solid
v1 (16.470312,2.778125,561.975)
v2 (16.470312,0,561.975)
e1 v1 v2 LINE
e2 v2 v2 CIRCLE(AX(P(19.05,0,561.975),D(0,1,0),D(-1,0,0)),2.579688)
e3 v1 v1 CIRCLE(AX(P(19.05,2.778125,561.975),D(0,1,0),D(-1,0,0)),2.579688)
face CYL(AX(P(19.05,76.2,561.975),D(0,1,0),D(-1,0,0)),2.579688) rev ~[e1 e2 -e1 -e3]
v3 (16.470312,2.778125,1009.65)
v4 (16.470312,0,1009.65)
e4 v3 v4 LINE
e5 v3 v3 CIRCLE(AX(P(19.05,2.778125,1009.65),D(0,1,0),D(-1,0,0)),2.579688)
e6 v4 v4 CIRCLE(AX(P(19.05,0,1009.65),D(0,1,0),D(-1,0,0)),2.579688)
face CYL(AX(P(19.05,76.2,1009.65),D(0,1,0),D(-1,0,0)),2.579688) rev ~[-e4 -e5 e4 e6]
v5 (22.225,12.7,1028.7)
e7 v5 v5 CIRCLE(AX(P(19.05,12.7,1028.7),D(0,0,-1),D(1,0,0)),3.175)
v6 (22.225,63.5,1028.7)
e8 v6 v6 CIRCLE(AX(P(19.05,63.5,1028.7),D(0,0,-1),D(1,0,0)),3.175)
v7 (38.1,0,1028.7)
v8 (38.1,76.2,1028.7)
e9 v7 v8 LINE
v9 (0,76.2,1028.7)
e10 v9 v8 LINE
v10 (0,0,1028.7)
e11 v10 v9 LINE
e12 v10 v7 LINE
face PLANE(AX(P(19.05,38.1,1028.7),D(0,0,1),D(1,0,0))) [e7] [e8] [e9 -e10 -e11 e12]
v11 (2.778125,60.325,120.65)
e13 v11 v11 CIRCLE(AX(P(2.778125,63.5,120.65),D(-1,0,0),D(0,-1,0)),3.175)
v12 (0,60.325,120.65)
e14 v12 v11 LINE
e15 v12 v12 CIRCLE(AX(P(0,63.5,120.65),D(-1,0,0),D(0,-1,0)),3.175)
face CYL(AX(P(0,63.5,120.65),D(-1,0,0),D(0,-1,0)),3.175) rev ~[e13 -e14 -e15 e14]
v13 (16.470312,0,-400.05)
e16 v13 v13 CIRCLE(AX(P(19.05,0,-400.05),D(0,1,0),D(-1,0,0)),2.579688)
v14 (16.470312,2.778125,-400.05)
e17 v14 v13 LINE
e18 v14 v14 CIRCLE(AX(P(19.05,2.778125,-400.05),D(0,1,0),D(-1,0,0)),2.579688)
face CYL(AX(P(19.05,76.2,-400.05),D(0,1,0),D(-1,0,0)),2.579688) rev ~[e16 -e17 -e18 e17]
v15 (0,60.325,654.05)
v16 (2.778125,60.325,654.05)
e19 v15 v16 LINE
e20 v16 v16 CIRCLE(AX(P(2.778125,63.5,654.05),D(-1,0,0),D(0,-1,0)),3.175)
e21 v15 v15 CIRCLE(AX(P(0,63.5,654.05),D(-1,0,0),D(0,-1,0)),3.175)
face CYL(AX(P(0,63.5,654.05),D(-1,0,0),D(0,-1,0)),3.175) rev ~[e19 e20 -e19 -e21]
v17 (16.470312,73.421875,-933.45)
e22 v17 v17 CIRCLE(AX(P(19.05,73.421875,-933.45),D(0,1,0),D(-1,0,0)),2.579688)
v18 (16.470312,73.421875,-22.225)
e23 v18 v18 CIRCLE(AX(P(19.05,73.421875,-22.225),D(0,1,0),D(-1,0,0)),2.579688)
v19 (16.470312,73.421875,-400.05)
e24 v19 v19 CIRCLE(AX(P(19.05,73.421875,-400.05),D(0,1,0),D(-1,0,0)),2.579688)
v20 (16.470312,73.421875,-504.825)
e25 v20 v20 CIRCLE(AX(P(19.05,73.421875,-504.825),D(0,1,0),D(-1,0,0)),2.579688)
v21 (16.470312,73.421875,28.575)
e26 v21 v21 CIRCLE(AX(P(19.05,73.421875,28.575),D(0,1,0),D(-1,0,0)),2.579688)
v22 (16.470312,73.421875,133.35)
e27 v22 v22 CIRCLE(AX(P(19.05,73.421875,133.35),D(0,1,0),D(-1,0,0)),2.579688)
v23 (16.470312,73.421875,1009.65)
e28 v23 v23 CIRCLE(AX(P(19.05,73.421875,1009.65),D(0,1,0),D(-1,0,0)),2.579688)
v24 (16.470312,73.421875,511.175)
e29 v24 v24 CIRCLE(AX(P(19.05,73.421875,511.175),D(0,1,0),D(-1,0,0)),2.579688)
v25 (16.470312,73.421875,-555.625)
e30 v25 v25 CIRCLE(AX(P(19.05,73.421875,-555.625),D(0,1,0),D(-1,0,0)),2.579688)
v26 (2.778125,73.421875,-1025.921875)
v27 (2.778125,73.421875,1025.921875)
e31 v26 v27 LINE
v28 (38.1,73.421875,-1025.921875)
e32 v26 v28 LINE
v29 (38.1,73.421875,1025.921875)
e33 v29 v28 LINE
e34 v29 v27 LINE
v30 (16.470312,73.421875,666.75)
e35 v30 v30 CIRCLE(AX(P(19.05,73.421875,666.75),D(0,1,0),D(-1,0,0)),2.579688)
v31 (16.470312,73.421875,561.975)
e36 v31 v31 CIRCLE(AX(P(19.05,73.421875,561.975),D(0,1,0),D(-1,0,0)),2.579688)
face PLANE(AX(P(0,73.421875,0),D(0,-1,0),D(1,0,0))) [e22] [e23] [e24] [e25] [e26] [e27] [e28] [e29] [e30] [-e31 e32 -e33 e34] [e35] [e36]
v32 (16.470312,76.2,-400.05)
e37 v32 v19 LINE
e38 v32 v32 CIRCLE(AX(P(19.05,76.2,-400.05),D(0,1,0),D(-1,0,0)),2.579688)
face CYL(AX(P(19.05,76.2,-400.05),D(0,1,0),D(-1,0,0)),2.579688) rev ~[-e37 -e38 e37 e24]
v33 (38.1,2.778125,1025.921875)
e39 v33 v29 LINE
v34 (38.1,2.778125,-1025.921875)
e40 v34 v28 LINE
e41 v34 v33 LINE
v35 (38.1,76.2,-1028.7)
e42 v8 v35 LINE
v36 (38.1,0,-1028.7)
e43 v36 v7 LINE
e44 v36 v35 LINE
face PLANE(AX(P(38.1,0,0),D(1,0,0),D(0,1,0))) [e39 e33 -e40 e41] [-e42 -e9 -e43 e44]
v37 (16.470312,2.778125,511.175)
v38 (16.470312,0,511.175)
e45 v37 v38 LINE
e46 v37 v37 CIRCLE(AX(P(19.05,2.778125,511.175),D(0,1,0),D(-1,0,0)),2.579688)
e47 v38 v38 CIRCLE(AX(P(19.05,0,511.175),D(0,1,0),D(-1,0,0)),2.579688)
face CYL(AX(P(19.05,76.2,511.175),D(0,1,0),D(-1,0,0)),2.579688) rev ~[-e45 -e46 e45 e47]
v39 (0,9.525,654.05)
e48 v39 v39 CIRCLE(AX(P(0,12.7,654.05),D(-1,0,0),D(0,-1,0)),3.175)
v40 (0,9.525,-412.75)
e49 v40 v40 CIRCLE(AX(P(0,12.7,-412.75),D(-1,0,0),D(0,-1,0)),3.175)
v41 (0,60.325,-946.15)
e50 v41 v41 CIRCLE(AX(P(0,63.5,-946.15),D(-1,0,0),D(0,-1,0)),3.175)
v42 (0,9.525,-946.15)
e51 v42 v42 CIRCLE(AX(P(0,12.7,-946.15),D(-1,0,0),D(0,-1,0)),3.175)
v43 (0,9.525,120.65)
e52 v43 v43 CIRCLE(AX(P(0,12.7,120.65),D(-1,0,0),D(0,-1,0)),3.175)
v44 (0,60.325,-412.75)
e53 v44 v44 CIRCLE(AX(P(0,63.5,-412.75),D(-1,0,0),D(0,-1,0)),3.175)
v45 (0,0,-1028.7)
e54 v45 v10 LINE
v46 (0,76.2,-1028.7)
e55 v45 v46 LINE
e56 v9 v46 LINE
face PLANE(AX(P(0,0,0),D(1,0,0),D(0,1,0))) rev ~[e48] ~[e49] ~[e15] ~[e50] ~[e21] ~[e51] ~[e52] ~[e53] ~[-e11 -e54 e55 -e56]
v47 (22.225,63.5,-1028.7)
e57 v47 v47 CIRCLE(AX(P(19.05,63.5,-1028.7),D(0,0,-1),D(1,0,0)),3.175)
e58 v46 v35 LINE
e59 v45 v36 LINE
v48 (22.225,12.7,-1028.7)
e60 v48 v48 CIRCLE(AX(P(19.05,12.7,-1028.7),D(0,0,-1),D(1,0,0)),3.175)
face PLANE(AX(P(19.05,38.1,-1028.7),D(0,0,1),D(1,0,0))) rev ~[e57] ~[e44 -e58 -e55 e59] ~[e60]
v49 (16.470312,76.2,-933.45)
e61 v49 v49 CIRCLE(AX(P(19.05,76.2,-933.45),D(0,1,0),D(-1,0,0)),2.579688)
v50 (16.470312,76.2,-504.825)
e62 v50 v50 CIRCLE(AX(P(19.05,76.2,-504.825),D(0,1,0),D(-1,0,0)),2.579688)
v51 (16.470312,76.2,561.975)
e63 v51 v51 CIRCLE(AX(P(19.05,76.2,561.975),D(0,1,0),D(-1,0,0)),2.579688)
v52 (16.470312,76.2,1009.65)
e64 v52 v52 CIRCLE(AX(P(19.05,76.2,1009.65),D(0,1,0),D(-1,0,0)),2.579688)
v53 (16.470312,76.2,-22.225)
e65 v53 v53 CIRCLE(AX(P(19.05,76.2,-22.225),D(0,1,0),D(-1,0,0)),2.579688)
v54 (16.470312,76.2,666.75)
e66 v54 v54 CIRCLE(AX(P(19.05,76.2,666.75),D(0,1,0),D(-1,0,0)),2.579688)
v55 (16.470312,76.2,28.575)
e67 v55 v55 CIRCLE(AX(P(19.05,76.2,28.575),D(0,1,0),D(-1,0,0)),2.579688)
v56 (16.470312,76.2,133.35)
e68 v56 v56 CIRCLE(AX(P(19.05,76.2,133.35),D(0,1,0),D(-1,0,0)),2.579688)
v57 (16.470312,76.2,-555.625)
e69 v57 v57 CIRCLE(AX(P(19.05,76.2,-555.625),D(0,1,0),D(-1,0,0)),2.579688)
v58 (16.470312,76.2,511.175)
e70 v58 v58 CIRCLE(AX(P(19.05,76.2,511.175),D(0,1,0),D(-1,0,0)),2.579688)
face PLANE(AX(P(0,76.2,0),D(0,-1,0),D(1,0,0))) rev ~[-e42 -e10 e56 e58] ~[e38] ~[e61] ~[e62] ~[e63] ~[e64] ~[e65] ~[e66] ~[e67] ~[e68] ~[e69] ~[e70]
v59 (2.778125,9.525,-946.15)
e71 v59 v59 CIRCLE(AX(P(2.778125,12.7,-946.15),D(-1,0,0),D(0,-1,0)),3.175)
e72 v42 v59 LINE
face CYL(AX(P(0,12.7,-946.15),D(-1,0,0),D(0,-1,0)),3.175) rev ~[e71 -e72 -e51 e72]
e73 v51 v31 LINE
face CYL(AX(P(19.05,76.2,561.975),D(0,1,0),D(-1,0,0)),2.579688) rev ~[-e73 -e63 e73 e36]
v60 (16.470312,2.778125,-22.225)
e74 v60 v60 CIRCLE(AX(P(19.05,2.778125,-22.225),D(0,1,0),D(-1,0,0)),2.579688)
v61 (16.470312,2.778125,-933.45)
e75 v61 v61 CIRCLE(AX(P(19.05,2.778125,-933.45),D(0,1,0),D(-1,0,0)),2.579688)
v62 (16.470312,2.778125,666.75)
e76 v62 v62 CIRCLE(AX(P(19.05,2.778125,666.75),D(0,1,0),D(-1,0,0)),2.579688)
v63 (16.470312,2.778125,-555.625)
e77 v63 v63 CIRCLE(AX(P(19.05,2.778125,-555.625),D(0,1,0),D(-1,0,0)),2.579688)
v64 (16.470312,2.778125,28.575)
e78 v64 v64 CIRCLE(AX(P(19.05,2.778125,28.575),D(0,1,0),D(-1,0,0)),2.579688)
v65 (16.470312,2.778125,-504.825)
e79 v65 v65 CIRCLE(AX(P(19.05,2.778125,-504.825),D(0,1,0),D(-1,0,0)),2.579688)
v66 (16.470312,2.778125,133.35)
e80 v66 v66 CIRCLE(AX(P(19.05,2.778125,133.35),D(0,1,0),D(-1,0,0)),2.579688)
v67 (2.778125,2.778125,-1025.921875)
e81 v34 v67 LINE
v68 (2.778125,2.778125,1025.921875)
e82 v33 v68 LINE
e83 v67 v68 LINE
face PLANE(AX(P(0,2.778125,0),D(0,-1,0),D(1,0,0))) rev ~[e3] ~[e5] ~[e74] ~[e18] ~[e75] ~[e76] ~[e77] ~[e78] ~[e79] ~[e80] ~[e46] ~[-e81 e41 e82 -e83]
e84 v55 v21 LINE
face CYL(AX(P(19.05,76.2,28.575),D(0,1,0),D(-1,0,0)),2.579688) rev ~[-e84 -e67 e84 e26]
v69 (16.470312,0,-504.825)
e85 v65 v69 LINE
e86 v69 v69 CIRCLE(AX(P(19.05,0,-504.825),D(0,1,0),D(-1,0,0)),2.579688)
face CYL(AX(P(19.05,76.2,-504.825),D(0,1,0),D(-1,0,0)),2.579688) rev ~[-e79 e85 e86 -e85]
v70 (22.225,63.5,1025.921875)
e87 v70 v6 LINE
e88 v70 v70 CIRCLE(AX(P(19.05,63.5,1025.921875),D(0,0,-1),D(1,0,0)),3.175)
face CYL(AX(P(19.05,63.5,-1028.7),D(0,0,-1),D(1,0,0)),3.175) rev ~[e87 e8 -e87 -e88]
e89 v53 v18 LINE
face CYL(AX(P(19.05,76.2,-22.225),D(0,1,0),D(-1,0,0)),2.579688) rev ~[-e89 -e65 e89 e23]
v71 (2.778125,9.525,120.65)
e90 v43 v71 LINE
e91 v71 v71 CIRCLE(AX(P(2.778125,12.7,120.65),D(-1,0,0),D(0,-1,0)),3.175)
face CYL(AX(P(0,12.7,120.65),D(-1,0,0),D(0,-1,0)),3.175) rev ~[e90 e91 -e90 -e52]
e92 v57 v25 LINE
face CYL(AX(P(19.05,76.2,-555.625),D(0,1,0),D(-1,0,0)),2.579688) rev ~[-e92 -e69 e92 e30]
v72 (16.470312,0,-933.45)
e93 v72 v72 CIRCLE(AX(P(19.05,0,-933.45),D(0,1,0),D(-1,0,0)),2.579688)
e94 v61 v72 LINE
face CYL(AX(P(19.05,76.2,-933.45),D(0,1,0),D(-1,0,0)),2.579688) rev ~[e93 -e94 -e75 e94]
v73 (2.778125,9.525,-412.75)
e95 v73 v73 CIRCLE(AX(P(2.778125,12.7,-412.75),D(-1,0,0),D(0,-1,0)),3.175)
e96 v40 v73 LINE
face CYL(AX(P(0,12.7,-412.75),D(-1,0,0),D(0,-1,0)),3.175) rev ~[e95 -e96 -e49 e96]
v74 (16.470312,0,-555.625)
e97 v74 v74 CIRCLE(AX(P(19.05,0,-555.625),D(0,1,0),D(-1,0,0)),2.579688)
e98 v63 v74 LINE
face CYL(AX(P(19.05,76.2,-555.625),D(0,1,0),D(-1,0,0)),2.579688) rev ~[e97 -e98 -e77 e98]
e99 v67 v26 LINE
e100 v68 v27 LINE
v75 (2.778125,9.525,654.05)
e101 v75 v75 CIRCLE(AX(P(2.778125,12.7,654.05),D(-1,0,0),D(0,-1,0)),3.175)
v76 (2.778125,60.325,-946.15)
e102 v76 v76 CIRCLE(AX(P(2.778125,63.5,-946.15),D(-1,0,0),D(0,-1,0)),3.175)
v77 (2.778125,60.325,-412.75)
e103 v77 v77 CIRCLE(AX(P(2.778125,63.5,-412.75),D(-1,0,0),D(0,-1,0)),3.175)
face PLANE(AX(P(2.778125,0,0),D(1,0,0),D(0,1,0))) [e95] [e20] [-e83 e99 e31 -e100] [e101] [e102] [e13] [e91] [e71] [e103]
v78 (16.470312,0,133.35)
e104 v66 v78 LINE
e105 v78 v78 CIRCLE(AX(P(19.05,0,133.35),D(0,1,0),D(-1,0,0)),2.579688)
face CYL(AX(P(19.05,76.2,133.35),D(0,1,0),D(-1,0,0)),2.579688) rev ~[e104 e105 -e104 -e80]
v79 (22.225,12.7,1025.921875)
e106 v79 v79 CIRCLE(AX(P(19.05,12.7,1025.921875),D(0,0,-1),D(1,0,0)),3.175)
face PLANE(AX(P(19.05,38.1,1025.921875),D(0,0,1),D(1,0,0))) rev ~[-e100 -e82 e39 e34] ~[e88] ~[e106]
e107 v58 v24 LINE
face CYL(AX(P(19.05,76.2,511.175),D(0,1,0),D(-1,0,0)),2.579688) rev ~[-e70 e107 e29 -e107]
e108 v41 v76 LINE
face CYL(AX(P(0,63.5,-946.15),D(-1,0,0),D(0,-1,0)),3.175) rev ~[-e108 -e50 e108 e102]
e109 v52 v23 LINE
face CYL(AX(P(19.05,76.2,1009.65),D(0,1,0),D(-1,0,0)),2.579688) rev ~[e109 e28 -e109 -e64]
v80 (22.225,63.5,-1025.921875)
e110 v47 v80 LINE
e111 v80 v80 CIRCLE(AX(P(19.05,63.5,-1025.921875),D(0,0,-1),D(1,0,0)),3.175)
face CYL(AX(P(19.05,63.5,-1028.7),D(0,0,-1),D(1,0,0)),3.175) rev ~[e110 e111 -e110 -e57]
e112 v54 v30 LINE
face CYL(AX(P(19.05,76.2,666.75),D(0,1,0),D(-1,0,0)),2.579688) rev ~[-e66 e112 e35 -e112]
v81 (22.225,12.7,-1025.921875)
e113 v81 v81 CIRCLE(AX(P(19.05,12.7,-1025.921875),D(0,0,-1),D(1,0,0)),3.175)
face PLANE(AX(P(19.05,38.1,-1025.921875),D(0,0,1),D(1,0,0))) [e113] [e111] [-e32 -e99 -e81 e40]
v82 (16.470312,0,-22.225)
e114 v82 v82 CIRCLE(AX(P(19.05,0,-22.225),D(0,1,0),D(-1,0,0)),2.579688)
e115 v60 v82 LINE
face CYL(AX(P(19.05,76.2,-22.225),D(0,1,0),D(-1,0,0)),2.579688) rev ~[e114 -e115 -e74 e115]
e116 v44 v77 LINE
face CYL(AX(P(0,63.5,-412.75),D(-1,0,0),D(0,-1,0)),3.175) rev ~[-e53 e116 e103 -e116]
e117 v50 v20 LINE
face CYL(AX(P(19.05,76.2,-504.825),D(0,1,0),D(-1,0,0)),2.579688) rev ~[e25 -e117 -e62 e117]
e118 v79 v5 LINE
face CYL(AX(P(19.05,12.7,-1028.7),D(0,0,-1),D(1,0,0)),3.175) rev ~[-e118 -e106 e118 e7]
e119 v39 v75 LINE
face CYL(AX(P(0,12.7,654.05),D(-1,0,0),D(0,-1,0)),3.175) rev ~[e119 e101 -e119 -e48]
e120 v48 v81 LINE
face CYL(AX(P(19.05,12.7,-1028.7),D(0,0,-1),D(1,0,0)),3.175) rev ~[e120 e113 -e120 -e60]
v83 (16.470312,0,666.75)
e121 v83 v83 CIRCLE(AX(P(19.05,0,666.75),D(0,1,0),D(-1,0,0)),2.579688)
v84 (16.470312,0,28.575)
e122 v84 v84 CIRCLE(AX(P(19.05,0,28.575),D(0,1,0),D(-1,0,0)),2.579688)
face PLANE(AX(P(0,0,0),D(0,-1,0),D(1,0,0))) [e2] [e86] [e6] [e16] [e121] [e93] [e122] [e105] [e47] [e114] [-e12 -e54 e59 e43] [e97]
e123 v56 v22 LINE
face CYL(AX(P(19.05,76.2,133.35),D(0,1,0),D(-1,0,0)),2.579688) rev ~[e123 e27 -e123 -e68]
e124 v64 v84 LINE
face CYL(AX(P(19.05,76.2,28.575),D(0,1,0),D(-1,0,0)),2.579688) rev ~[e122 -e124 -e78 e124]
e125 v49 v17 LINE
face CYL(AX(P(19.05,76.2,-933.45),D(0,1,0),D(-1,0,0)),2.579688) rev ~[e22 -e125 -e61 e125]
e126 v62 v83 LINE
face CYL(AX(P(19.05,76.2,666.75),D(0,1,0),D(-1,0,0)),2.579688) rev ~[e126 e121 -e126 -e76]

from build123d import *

# Parameters (mm, degrees)
F0_W     = 38.1
F0_H     = 76.2
F1_DEPTH = 1028.7
F2_T     = -2.778125
F3_R     = 3.175
F4_DEPTH = 38.101
F5_R     = 3.175
F6_DEPTH = 2057.401
F7_R     = 2.579688
F8_DEPTH = 76.201


with BuildPart() as f1:
    # F0 (on Top) → F1 (new body, symmetric)
    with BuildSketch(Plane.XY):
        with Locations((19.05, 38.1)):
            Rectangle(F0_W, F0_H)
    extrude(amount=F1_DEPTH, both=True)

    # F2
    f2_openings = [f1.faces().sort_by_distance(p)[0] for p in [
        (38.1, 38.1, 0),
    ]]
    offset(amount=F2_T, openings=f2_openings)

    # F3 (on face) → F4 (cut, through all)
    with BuildSketch(Plane(origin=(0, 0, 0), x_dir=(0, -1, 0), z_dir=(-1, 0, 0))):
        with Locations((-63.5, -946.15)):
            Circle(F3_R)
        with Locations((-12.7, -946.15)):
            Circle(F3_R)
        with Locations((-63.5, -412.75)):
            Circle(F3_R)
        with Locations((-12.7, -412.75)):
            Circle(F3_R)
        with Locations((-63.5, 120.65)):
            Circle(F3_R)
        with Locations((-12.7, 120.65)):
            Circle(F3_R)
        with Locations((-63.5, 654.05)):
            Circle(F3_R)
        with Locations((-12.7, 654.05)):
            Circle(F3_R)
    extrude(amount=-F4_DEPTH, mode=Mode.SUBTRACT)

    # F5 (on face) → F6 (cut, through all)
    with BuildSketch(Plane(origin=(0, 0, -1028.7), x_dir=(1, 0, 0), z_dir=(0, 0, -1))):
        with Locations((19.05, -12.7)):
            Circle(F5_R)
        with Locations((19.05, -63.5)):
            Circle(F5_R)
    extrude(amount=-F6_DEPTH, mode=Mode.SUBTRACT)

    # F7 (on face) → F8 (cut, through all)
    with BuildSketch(Plane(origin=(0, 76.2, 0), x_dir=(-1, 0, 0), z_dir=(0, 1, 0))):
        with Locations((-19.05, 561.975)):
            Circle(F7_R)
        with Locations((-19.05, 511.175)):
            Circle(F7_R)
        with Locations((-19.05, 133.35)):
            Circle(F7_R)
        with Locations((-19.05, -22.225)):
            Circle(F7_R)
        with Locations((-19.05, 28.575)):
            Circle(F7_R)
        with Locations((-19.05, -400.05)):
            Circle(F7_R)
        with Locations((-19.05, -555.625)):
            Circle(F7_R)
        with Locations((-19.05, -504.825)):
            Circle(F7_R)
        with Locations((-19.05, -933.45)):
            Circle(F7_R)
        with Locations((-19.05, 666.75)):
            Circle(F7_R)
        with Locations((-19.05, 1009.65)):
            Circle(F7_R)
    extrude(amount=-F8_DEPTH, mode=Mode.SUBTRACT)


solid = f1.part
